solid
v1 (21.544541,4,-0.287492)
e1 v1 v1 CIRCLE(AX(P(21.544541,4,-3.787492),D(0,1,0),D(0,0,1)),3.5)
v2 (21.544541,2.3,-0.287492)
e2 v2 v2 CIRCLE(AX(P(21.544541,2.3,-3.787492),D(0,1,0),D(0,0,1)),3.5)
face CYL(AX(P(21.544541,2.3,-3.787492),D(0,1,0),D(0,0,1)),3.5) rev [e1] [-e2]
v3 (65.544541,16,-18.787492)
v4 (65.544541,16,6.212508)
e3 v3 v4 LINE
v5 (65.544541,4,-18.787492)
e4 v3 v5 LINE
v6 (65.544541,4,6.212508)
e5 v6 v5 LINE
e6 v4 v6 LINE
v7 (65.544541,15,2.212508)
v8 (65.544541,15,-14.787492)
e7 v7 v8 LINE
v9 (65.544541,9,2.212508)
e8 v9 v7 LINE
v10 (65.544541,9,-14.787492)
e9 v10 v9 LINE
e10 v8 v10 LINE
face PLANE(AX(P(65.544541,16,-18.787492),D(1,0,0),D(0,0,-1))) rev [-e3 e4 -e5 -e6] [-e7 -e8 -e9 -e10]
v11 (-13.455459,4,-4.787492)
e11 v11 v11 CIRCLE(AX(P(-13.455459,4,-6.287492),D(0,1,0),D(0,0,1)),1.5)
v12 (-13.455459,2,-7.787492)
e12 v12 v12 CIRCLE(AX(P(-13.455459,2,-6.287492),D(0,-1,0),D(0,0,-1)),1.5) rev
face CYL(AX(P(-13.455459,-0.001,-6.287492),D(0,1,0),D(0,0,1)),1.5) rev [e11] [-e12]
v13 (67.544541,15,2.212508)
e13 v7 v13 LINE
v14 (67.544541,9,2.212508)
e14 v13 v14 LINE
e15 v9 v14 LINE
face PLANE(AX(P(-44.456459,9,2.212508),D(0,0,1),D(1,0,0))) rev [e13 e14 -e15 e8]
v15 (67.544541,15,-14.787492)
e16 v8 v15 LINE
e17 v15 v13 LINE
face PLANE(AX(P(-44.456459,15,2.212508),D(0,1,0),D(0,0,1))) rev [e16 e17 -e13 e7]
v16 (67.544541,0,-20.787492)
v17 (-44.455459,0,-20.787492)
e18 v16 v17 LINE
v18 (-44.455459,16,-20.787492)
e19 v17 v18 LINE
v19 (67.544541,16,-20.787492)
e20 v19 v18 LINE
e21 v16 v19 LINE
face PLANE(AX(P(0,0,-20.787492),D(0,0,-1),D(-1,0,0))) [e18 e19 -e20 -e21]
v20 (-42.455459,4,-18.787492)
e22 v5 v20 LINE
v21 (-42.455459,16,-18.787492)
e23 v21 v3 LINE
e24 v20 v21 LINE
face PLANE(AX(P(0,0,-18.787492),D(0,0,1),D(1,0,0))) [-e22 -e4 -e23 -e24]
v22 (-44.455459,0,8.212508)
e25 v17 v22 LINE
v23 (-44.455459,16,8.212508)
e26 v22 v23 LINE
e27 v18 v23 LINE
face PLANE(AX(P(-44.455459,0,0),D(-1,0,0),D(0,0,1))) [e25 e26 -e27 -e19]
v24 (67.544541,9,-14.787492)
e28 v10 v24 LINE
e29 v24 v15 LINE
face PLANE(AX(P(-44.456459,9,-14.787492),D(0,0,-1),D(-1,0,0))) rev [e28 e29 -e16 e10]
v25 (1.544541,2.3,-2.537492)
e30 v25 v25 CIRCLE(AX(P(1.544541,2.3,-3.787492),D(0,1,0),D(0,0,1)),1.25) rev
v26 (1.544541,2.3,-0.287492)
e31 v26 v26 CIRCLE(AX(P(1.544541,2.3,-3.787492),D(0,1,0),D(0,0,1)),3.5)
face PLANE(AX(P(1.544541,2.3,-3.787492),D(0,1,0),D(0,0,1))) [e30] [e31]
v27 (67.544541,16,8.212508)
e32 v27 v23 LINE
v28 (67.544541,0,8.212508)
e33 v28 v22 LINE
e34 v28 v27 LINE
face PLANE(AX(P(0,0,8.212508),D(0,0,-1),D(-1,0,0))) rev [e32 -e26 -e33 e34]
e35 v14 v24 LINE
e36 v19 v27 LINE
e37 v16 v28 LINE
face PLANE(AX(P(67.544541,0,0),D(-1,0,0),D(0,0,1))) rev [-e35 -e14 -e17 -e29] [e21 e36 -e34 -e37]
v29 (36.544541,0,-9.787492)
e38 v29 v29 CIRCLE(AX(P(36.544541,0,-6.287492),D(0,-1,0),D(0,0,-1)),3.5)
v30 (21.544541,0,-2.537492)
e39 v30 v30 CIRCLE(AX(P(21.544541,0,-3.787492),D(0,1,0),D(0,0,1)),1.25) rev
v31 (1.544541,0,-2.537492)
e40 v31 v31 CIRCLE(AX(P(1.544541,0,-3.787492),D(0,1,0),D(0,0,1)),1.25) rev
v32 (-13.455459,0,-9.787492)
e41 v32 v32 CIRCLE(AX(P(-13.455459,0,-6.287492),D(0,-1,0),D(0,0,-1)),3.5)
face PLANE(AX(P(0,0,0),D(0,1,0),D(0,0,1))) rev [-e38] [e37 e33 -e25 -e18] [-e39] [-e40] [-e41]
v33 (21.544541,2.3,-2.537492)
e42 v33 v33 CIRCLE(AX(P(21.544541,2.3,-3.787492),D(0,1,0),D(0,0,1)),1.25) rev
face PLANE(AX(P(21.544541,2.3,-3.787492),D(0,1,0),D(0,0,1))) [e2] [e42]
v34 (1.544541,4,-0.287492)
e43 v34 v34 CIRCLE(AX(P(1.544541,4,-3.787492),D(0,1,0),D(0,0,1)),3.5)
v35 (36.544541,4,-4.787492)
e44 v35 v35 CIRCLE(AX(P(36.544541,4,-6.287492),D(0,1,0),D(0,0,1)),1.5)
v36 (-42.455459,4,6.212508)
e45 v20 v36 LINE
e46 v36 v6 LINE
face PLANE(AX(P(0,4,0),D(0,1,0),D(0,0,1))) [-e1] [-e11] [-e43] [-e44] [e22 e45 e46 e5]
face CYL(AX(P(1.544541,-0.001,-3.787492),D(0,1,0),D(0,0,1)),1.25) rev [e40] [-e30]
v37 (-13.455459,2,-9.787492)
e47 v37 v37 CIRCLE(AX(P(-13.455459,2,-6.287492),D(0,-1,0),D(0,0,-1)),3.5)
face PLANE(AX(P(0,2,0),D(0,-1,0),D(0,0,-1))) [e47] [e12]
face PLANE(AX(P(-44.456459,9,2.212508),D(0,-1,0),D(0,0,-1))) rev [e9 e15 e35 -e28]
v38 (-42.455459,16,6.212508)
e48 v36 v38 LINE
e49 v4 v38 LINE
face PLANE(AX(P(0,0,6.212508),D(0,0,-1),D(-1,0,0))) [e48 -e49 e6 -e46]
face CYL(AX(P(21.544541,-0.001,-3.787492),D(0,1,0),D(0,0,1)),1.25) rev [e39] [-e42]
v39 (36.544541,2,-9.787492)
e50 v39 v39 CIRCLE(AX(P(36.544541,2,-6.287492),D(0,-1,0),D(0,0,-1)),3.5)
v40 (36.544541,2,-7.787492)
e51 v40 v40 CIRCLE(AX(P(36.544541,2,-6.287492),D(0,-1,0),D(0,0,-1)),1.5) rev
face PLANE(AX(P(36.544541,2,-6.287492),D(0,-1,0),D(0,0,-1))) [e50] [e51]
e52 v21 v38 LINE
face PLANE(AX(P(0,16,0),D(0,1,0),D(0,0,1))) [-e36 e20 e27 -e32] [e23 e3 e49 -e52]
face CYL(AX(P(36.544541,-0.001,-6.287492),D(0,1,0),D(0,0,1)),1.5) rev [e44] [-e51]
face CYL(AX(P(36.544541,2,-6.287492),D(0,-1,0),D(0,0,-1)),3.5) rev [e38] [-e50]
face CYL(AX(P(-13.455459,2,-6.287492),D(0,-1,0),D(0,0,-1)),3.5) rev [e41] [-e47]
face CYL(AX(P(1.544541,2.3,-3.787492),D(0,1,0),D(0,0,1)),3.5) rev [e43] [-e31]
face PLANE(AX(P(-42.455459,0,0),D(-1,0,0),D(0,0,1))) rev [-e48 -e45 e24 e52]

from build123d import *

# Parameters (mm, degrees)
SKETCH1_W                = 108
SKETCH1_H                = 25
BOSS_EXTRUDE1_DEPTH      = 4
CUT_EXTRUDE1_REACH       = 6
SKETCH2_R                = 1.5
SKETCH3_R                = 3.5
SKETCH3_R_2              = 1.5
CUT_EXTRUDE3_DEPTH       = 2
CUT_EXTRUDE4_REACH       = 6
SKETCH4_R                = 1.25
SKETCH5_R                = 3.5
CUT_EXTRUDE5_DEPTH       = 1.7
SKETCH6_W                = 112
SKETCH6_H                = 29
SKETCH6_W_2              = 108
SKETCH6_H_2              = 25
BOSS_EXTRUDE2_DEPTH      = 12
BOSS_EXTRUDE2_DEPTH_BACK = 4
CUT_EXTRUDE8_REACH       = 114
SKETCH10_W               = 17
SKETCH10_H               = 6


with BuildPart() as part:
    # Sketch1 → Boss-Extrude1 (new body)
    with BuildSketch(Plane(origin=(0, 0, 0), x_dir=(1, 0, 0), z_dir=(0, 1, 0))):
        with Locations((11.544540658, 6.287491884)):
            Rectangle(SKETCH1_W, SKETCH1_H)
    extrude(amount=BOSS_EXTRUDE1_DEPTH)

    # Sketch2 → Cut-Extrude1 (cut, up to next)
    with BuildSketch(Plane(origin=(0, 4, 0), x_dir=(1, 0, 0), z_dir=(0, 1, 0)), mode=Mode.PRIVATE) as cut_extrude1_sk1:
        with Locations((-13.455459342, 6.287491884)):
            Circle(SKETCH2_R)
    cut_extrude1_tool1 = extrude(cut_extrude1_sk1.sketch, amount=-CUT_EXTRUDE1_REACH, mode=Mode.PRIVATE) & part.part
    add(cut_extrude1_tool1.solids().sort_by_distance((-13.455459, 4, -6.287492))[0], mode=Mode.SUBTRACT)
    # Sketch2 → Cut-Extrude1 (cut, up to next)
    with BuildSketch(Plane(origin=(0, 4, 0), x_dir=(1, 0, 0), z_dir=(0, 1, 0)), mode=Mode.PRIVATE) as cut_extrude1_sk2:
        with Locations((36.544540658, 6.287491884)):
            Circle(SKETCH2_R)
    cut_extrude1_tool2 = extrude(cut_extrude1_sk2.sketch, amount=-CUT_EXTRUDE1_REACH, mode=Mode.PRIVATE) & part.part
    add(cut_extrude1_tool2.solids().sort_by_distance((36.544541, 4, -6.287492))[0], mode=Mode.SUBTRACT)

    # Sketch3 → Cut-Extrude3 (cut)
    with BuildSketch(Plane(origin=(0, 0, 0), x_dir=(-1, 0, 0), z_dir=(0, -1, 0))):
        with Locations((13.455459342, 6.287491884)):
            Circle(SKETCH3_R)
        with Locations((13.455459342, 6.287491884)):
            Circle(SKETCH3_R_2, mode=Mode.SUBTRACT)
        with Locations((-36.544540658, 6.287491884)):
            Circle(SKETCH3_R)
    extrude(amount=-CUT_EXTRUDE3_DEPTH, mode=Mode.SUBTRACT)

    # Sketch4 → Cut-Extrude4 (cut, up to next)
    with BuildSketch(Plane(origin=(0, 4, 0), x_dir=(1, 0, 0), z_dir=(0, 1, 0)), mode=Mode.PRIVATE) as cut_extrude4_sk1:
        with Locations((21.544540658, 3.787491884)):
            Circle(SKETCH4_R)
    cut_extrude4_tool1 = extrude(cut_extrude4_sk1.sketch, amount=-CUT_EXTRUDE4_REACH, mode=Mode.PRIVATE) & part.part
    add(cut_extrude4_tool1.solids().sort_by_distance((21.544541, 4, -3.787492))[0], mode=Mode.SUBTRACT)
    # Sketch4 → Cut-Extrude4 (cut, up to next)
    with BuildSketch(Plane(origin=(0, 4, 0), x_dir=(1, 0, 0), z_dir=(0, 1, 0)), mode=Mode.PRIVATE) as cut_extrude4_sk2:
        with Locations((1.544540658, 3.787491884)):
            Circle(SKETCH4_R)
    cut_extrude4_tool2 = extrude(cut_extrude4_sk2.sketch, amount=-CUT_EXTRUDE4_REACH, mode=Mode.PRIVATE) & part.part
    add(cut_extrude4_tool2.solids().sort_by_distance((1.544541, 4, -3.787492))[0], mode=Mode.SUBTRACT)

    # Sketch5 → Cut-Extrude5 (cut)
    with BuildSketch(Plane(origin=(0, 4, 0), x_dir=(1, 0, 0), z_dir=(0, 1, 0))):
        with Locations((21.544540658, 3.787491884)):
            Circle(SKETCH5_R)
        with Locations((1.544540658, 3.787491884)):
            Circle(SKETCH5_R)
    extrude(amount=-CUT_EXTRUDE5_DEPTH, mode=Mode.SUBTRACT)

    # Sketch6 → Boss-Extrude2 (add, two sides)
    with BuildSketch(Plane(origin=(0, 4, 0), x_dir=(1, 0, 0), z_dir=(0, 1, 0))) as boss_extrude2_sk:
        with Locations((11.544540658, 6.287491884)):
            Rectangle(SKETCH6_W, SKETCH6_H)
        with Locations((11.544540658, 6.287491884)):
            Rectangle(SKETCH6_W_2, SKETCH6_H_2, mode=Mode.SUBTRACT)
    extrude(amount=BOSS_EXTRUDE2_DEPTH)
    extrude(boss_extrude2_sk.sketch, amount=-BOSS_EXTRUDE2_DEPTH_BACK)

    # Sketch10 → Cut-Extrude8 (cut, up to next)
    with BuildSketch(Plane(origin=(67.544540658, 0, 0), x_dir=(0, 0, -1), z_dir=(1, 0, 0)), mode=Mode.PRIVATE) as cut_extrude8_sk1:
        with Locations((6.287491884, 12)):
            Rectangle(SKETCH10_W, SKETCH10_H)
    cut_extrude8_tool1 = extrude(cut_extrude8_sk1.sketch, amount=-CUT_EXTRUDE8_REACH, mode=Mode.PRIVATE) & part.part
    add(cut_extrude8_tool1.solids().sort_by_distance((67.544541, 12, -6.287492))[0], mode=Mode.SUBTRACT)


solid = part.part
